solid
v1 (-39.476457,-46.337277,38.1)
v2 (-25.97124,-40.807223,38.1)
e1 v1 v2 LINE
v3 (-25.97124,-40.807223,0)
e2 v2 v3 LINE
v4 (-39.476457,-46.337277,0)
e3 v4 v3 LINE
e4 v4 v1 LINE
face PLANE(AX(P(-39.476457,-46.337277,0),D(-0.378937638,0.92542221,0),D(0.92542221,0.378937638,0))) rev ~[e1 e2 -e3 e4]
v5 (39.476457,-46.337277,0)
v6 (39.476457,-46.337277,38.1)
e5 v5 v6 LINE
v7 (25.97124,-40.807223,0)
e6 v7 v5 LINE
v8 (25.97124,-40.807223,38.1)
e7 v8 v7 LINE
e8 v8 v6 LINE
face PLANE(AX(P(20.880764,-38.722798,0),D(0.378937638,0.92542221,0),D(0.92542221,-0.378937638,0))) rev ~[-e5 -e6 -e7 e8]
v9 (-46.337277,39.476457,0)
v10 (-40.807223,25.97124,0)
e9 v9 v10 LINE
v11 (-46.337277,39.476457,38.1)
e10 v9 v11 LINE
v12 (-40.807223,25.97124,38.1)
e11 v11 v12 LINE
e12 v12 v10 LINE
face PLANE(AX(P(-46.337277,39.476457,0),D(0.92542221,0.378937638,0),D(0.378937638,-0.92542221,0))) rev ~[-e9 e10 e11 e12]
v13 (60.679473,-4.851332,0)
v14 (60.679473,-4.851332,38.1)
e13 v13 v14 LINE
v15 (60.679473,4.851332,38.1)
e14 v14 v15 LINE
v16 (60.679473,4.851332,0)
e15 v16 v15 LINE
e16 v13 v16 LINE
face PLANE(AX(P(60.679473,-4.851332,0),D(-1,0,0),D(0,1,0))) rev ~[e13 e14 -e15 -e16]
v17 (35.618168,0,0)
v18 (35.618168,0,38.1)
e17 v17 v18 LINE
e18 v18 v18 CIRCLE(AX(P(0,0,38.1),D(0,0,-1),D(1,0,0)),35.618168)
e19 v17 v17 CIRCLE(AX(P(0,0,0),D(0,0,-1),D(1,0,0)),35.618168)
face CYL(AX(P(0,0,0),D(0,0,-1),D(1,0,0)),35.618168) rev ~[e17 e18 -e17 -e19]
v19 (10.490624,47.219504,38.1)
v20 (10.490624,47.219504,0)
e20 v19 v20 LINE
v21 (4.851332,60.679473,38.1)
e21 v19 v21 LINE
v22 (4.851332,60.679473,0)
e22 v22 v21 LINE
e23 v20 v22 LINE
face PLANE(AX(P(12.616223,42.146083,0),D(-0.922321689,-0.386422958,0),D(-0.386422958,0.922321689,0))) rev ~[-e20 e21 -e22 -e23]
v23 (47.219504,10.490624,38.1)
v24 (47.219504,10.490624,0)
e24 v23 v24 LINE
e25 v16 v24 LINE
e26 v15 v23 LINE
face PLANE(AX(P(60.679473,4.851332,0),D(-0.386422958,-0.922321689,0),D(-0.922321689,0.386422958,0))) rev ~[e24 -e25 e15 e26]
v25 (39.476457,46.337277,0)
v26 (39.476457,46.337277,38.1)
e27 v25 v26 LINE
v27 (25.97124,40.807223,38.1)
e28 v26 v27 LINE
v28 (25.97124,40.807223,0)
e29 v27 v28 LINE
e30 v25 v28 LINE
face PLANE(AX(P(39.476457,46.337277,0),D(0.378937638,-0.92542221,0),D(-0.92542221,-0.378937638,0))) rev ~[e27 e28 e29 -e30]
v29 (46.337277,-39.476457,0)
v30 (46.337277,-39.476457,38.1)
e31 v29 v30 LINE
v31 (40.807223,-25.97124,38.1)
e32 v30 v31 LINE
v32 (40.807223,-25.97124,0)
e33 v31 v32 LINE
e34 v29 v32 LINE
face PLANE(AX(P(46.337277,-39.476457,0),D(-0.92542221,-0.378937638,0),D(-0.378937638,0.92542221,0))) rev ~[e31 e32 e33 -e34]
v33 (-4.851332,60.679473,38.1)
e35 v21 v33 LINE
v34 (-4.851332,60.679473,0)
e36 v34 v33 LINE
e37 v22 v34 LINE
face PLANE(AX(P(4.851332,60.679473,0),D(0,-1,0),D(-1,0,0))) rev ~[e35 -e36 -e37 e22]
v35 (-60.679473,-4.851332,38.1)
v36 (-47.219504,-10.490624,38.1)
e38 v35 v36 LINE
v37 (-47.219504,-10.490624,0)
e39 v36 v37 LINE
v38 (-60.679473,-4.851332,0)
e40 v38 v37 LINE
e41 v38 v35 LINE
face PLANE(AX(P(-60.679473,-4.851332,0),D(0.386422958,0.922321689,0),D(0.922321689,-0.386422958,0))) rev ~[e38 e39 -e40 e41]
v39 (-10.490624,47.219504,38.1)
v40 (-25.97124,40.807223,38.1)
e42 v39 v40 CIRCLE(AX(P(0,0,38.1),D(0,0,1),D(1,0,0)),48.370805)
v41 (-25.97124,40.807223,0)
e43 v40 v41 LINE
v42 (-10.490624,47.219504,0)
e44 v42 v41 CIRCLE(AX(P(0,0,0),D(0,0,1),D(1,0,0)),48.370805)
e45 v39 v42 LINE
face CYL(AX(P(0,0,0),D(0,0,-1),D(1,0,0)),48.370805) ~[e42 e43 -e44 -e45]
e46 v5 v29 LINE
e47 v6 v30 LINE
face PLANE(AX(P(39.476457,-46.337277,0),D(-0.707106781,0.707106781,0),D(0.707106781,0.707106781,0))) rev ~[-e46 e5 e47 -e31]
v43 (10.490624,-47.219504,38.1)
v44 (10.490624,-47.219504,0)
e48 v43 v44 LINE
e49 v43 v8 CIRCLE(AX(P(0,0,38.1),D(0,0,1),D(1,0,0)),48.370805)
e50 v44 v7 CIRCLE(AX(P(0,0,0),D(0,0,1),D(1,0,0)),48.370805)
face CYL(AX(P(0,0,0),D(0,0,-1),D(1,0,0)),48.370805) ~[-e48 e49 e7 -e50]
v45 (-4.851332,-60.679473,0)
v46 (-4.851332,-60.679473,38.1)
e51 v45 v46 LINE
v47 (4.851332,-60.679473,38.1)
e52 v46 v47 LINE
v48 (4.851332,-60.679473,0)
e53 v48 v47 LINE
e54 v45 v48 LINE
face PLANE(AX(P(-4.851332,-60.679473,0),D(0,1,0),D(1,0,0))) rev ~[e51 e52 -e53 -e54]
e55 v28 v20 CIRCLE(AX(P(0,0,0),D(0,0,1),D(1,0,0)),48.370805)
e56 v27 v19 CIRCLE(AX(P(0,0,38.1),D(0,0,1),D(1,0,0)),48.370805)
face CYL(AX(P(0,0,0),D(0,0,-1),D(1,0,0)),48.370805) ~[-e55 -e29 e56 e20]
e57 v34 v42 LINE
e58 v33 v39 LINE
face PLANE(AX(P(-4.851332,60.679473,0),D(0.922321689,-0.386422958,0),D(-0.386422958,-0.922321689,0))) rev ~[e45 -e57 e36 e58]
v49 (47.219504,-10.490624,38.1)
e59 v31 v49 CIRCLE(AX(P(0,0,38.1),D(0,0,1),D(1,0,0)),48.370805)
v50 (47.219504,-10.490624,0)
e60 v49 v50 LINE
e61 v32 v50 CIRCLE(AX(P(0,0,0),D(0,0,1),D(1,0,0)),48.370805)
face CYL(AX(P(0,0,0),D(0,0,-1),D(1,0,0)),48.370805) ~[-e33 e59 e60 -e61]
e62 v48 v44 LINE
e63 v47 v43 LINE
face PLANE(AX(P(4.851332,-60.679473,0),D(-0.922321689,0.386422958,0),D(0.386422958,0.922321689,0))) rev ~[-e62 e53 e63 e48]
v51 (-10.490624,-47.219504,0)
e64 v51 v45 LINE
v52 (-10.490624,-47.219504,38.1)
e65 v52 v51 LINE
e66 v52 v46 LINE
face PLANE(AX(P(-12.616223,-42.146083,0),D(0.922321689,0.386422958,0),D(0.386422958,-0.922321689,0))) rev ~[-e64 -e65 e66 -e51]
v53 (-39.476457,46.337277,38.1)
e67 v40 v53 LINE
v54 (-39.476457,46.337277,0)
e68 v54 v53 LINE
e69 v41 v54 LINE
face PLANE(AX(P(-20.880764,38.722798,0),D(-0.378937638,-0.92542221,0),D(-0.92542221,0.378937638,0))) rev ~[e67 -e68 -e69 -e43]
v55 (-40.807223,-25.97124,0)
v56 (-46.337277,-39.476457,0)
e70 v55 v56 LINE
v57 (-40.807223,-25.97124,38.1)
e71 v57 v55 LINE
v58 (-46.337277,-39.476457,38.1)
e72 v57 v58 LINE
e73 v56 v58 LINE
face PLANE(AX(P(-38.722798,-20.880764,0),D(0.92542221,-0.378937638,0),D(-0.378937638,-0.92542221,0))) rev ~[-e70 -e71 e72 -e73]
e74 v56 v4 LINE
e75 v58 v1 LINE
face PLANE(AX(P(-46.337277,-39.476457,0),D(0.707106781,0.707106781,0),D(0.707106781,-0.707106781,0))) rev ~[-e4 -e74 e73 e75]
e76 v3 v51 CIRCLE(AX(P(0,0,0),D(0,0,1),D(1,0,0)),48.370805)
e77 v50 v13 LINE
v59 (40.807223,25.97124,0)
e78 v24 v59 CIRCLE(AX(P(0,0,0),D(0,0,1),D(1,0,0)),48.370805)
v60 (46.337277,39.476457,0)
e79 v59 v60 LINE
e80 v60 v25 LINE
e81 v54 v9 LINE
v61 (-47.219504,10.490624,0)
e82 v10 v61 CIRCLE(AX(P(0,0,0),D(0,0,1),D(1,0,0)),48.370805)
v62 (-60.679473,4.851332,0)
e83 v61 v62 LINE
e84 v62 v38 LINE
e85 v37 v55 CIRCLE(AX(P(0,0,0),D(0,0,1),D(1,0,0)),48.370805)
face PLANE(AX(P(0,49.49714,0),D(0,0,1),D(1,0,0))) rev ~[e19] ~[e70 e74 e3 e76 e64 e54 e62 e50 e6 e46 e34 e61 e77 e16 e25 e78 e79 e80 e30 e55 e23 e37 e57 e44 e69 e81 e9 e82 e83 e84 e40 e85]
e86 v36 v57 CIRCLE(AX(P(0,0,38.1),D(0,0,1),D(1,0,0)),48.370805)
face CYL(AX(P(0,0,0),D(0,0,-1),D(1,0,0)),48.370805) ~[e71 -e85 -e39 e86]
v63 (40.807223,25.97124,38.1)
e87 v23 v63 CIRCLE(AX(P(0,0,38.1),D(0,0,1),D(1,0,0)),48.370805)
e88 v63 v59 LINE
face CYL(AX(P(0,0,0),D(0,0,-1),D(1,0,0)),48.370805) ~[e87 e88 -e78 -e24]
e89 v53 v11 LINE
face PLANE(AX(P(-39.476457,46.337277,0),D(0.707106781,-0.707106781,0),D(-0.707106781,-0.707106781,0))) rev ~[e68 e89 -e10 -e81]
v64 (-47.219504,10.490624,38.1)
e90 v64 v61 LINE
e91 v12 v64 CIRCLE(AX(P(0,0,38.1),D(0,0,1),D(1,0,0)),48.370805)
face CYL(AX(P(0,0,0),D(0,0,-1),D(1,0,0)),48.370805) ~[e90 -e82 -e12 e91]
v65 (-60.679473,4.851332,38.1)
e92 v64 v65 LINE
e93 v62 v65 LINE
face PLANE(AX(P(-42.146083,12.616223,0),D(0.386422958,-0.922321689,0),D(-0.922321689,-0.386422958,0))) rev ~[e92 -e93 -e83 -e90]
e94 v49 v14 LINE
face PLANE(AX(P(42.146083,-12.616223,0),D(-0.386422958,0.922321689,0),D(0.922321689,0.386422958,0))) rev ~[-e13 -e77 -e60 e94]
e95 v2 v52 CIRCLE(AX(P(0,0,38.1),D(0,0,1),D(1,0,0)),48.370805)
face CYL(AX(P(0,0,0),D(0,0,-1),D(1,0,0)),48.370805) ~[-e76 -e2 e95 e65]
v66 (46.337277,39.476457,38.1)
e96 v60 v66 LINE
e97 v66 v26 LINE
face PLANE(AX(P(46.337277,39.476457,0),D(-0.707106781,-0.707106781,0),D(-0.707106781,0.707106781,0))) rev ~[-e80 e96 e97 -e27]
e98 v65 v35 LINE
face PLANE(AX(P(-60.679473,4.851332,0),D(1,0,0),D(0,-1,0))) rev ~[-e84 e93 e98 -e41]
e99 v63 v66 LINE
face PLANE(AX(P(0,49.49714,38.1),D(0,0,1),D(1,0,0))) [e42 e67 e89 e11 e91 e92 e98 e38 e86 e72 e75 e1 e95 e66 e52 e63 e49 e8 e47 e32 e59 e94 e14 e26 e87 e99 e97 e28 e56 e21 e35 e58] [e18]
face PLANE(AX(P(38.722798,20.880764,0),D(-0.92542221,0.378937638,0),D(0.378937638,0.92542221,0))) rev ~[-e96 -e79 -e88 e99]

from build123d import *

# Parameters (mm, degrees)
F0_R     = 48.370805
F1_DEPTH = 38.1
F3_DEPTH = 38.1
F4_R     = 35.618168
F5_DEPTH = 66.294


with BuildPart() as f1:
    # F0 (on Top) → F1 (new body)
    with BuildSketch(Plane.XY):
        Circle(F0_R)
    extrude(amount=F1_DEPTH)

    # F2 (on Top) → F3 (join)
    with BuildSketch(Plane.XY):
        Polygon((4.851332, 60.679473), (-4.851332, 60.679473), (-12.616223, 42.146083), (12.616223, 42.146083), align=None)
        Polygon((46.337277, 39.476457), (39.476457, 46.337277), (20.880764, 38.722798), (38.722798, 20.880764), align=None)
        Polygon((60.679473, 4.851332), (42.146083, 12.616223), (42.146083, -12.616223), (60.679473, -4.851332), align=None)
        Polygon((39.476457, -46.337277), (46.337277, -39.476457), (38.722798, -20.880764), (20.880764, -38.722798), align=None)
        Polygon((-4.851332, -60.679473), (4.851332, -60.679473), (12.616223, -42.146083), (-12.616223, -42.146083), align=None)
        Polygon((-46.337277, -39.476457), (-39.476457, -46.337277), (-20.880764, -38.722798), (-38.722798, -20.880764), align=None)
        Polygon((-60.679473, 4.851332), (-60.679473, -4.851332), (-42.146083, -12.616223), (-42.146083, 12.616223), align=None)
        Polygon((-39.476457, 46.337277), (-46.337277, 39.476457), (-38.722798, 20.880764), (-20.880764, 38.722798), align=None)
    extrude(amount=F3_DEPTH)

    # F4 (on face) → F5 (cut)
    with BuildSketch(Plane(origin=(0, 0, 0), x_dir=(1, 0, 0), z_dir=(0, 0, -1))):
        Circle(F4_R)
    extrude(amount=-F5_DEPTH, mode=Mode.SUBTRACT)


solid = f1.part
